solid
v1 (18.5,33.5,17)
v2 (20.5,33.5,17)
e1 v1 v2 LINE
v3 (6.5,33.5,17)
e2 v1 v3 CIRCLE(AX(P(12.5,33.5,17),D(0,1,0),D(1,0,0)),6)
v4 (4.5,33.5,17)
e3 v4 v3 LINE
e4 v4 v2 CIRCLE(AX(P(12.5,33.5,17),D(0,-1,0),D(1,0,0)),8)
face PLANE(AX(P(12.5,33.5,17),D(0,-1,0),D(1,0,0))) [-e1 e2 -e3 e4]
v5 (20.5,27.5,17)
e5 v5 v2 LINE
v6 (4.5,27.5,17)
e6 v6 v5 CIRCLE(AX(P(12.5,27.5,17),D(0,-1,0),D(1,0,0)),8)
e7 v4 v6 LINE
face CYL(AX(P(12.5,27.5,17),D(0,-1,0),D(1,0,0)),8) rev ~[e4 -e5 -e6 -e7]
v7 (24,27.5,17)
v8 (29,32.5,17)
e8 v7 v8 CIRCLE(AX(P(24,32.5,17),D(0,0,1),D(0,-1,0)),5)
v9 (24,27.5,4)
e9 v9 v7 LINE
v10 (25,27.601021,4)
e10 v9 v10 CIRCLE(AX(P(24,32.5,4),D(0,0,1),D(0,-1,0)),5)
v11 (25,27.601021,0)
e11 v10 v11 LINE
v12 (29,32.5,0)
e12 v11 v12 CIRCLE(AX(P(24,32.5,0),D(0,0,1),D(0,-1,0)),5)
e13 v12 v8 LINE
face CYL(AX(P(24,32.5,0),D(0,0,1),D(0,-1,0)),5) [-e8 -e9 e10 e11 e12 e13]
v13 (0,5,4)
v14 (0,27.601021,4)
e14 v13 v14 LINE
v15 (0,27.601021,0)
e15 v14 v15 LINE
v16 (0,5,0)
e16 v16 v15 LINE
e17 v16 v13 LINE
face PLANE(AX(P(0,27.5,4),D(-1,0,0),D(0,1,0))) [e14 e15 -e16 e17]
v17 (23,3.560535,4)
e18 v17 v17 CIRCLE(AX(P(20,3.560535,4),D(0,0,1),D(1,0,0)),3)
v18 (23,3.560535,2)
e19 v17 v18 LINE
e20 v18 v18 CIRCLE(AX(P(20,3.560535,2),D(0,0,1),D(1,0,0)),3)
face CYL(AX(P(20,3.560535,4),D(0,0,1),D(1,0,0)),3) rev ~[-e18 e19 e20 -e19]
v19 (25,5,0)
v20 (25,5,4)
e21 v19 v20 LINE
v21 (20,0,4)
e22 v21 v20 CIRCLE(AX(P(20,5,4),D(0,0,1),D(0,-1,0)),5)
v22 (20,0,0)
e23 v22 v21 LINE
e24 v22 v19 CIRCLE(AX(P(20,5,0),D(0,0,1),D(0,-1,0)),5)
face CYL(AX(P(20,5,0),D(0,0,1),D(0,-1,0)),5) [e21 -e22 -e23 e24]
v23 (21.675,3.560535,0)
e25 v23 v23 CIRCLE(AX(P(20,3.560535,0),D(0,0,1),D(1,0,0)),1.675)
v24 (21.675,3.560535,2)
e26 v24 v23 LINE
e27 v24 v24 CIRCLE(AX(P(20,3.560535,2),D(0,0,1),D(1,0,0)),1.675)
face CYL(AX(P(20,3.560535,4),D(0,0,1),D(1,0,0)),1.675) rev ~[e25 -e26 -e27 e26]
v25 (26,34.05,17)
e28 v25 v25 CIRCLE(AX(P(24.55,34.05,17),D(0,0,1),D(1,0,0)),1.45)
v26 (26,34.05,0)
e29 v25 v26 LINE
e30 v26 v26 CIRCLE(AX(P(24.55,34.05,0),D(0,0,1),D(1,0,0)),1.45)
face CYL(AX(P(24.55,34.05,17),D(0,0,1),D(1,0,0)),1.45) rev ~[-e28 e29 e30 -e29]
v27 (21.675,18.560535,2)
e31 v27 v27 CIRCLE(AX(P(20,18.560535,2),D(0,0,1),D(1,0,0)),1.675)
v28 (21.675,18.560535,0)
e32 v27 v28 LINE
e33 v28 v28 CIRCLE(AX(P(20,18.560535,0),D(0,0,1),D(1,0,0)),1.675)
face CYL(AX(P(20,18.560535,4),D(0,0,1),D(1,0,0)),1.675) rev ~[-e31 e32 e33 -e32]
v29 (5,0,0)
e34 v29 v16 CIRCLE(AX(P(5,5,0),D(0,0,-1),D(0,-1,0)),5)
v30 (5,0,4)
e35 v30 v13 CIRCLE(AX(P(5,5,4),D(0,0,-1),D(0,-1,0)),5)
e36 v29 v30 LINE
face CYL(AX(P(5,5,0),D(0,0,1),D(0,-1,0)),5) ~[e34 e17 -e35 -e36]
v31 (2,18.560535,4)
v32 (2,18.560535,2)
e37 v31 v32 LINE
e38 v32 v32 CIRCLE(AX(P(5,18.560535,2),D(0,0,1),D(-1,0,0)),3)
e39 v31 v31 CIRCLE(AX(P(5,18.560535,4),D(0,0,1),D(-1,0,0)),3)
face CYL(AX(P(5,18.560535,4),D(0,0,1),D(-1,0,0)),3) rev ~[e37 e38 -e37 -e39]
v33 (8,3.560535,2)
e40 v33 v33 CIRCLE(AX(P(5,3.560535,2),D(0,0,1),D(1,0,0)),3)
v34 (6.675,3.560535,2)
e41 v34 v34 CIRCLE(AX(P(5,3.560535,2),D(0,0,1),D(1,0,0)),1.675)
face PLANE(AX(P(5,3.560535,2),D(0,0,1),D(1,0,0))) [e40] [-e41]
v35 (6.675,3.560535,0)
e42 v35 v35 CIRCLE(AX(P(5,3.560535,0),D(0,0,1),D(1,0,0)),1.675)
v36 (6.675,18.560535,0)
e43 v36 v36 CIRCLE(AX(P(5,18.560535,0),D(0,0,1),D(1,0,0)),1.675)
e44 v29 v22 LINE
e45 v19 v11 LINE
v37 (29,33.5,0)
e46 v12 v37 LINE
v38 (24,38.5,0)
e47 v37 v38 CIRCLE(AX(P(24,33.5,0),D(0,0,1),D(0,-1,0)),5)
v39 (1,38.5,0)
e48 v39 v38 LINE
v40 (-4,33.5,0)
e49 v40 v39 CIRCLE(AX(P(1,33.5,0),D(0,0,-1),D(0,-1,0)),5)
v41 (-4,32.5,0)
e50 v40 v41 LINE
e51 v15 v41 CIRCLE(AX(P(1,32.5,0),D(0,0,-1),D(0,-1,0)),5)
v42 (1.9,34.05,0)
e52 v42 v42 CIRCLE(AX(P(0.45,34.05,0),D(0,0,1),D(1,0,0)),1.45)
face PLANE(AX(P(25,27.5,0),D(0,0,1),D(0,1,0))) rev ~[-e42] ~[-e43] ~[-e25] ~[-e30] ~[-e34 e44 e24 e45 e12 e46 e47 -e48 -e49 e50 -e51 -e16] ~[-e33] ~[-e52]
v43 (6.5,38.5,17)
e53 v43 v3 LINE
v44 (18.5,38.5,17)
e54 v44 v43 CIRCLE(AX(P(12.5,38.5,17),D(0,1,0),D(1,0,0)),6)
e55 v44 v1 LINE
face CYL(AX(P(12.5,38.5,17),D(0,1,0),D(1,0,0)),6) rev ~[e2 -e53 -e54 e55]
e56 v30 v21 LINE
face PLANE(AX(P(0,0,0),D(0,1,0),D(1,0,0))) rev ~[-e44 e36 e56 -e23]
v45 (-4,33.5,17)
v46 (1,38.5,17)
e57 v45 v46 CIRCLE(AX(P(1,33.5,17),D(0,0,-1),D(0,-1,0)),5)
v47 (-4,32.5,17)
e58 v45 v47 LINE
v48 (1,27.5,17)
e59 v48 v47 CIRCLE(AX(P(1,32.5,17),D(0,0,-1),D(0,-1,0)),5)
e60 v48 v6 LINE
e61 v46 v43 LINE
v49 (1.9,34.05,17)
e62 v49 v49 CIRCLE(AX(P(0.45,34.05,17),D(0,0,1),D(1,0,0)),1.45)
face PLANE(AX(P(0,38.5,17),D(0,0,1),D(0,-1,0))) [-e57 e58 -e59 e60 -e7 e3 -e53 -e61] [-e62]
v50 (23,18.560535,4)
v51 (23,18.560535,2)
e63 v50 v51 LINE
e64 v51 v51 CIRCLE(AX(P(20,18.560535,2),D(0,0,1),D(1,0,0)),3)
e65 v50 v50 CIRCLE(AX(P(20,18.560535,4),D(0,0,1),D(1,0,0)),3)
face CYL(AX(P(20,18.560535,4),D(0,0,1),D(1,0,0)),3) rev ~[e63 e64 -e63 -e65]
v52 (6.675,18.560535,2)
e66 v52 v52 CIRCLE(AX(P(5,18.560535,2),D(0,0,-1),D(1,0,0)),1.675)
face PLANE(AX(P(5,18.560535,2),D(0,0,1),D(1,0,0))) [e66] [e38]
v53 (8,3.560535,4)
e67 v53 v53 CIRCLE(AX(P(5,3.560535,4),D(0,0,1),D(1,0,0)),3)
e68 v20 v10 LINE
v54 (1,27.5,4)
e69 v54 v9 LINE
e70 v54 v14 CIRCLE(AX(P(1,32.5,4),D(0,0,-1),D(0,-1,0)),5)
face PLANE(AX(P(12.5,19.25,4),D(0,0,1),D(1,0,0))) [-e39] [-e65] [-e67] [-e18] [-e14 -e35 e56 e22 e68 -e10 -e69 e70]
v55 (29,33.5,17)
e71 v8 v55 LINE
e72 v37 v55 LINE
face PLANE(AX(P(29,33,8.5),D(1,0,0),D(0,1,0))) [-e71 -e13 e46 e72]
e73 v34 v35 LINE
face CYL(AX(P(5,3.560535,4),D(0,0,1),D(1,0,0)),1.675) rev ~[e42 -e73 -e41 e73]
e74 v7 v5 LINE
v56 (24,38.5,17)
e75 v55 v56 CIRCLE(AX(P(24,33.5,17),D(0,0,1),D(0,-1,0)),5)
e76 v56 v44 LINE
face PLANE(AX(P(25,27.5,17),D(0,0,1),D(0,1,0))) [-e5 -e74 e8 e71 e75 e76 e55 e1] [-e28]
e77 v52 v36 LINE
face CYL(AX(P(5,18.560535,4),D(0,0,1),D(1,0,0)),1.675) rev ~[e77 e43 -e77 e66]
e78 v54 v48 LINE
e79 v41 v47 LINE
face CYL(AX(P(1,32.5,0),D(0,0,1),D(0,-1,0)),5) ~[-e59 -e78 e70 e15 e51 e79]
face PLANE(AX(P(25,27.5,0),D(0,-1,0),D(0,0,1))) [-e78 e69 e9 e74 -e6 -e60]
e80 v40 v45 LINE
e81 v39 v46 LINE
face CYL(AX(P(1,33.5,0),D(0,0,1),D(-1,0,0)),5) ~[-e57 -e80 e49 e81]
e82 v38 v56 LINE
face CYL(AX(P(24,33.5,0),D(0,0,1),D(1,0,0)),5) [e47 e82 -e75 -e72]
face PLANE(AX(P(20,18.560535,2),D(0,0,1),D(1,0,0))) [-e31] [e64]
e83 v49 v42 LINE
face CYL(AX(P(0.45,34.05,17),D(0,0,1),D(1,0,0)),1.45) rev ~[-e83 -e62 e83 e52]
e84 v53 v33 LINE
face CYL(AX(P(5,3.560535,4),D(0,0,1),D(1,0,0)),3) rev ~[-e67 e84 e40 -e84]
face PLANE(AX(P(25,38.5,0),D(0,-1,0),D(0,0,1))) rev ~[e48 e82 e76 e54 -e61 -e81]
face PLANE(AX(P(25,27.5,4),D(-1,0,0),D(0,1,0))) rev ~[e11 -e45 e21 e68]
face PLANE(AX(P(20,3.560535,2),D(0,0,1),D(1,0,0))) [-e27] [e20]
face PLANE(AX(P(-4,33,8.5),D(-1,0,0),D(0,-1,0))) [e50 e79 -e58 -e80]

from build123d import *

# Parameters (mm, degrees)
F0_W      = 25
F0_H      = 38.5
F1_DEPTH  = 4
F2_R      = 1.675
F3_DEPTH  = 25
F4_W      = 25
F4_H      = 11
F5_DEPTH  = 13
F7_DEPTH  = 6
F8_R      = 8
F9_DEPTH  = 6
F2_R_2    = 3
F10_DEPTH = 2
F11_W     = 11
F11_H     = 17
F12_DEPTH = 4
F13_R     = 5
F14_W     = 11
F14_H     = 17
F15_DEPTH = 4
F16_DEPTH = 2
F17_R     = 1.45
F18_DEPTH = 25
F19_R     = 5
F20_DEPTH = 25


with BuildPart() as f1:
    # F0 (on Top) → F1 (new body)
    with BuildSketch(Plane.XY):
        with Locations((12.5, 19.25)):
            Rectangle(F0_W, F0_H)
    extrude(amount=F1_DEPTH)

    # F2 (on face) → F3 (cut)
    with BuildSketch(Plane.XY.offset(4)):
        with BuildLine():
            ThreePointArc((3.325, 18.5605346784), (5, 16.8855346784), (6.675, 18.5605346784))
            ThreePointArc((6.675, 18.5605346784), (5, 20.2355346784), (3.325, 18.5605346784))
        make_face()
        with Locations((20, 18.5605346784)):
            Circle(F2_R)
        with Locations((20, 3.5605346784)):
            Circle(F2_R)
        with Locations((5, 3.5605346784)):
            Circle(F2_R)
    extrude(amount=-F3_DEPTH, mode=Mode.SUBTRACT)

    # F4 (on face) → F5 (join)
    with BuildSketch(Plane.XY.offset(4)):
        with Locations((12.5, 33)):
            Rectangle(F4_W, F4_H)
    extrude(amount=F5_DEPTH)

    # F6 (on face) → F7 (cut)
    with BuildSketch(Plane(origin=(0, 38.5, 0), x_dir=(-1, 0, 0), z_dir=(0, 1, 0))):
        with BuildLine():
            ThreePointArc((-18.5, 17), (-12.5, 11), (-6.5, 17))
            Line((-6.5, 17), (-18.5, 17))
        make_face()
    extrude(amount=-F7_DEPTH, mode=Mode.SUBTRACT)

    # F8 (on face) → F9 (cut)
    with BuildSketch(Plane.XZ.offset(-27.5)):
        with Locations((12.5, 17)):
            Circle(F8_R)
    extrude(amount=-F9_DEPTH, mode=Mode.SUBTRACT)

    # F2 (on face) → F10 (cut)
    with BuildSketch(Plane.XY.offset(4)):
        with BuildLine():
            ThreePointArc((8, 18.5605346784), (5, 21.5605346784), (2, 18.5605346784))
            ThreePointArc((2, 18.5605346784), (5, 15.5605346784), (8, 18.5605346784))
        make_face()
        with BuildLine():
            ThreePointArc((3.325, 18.5605346784), (5, 20.2355346784), (6.675, 18.5605346784))
            ThreePointArc((6.675, 18.5605346784), (5, 16.8855346784), (3.325, 18.5605346784))
        make_face(mode=Mode.SUBTRACT)
        with Locations((20, 18.5605346784)):
            Circle(F2_R_2)
        with Locations((20, 18.5605346784)):
            Circle(F2_R, mode=Mode.SUBTRACT)
        with Locations((20, 3.5605346784)):
            Circle(F2_R_2)
        with Locations((20, 3.5605346784)):
            Circle(F2_R, mode=Mode.SUBTRACT)
        with Locations((5, 3.5605346784)):
            Circle(F2_R_2)
        with Locations((5, 3.5605346784)):
            Circle(F2_R, mode=Mode.SUBTRACT)
    extrude(amount=-F10_DEPTH, mode=Mode.SUBTRACT)

    # F11 (on face) → F12 (join)
    with BuildSketch(Plane(origin=(0, 0, 0), x_dir=(0, -1, 0), z_dir=(-1, 0, 0))):
        with Locations((-33, 8.5)):
            Rectangle(F11_W, F11_H)
    extrude(amount=F12_DEPTH)

    # F13
    f13_edges = [f1.edges().sort_by_distance(p)[0] for p in [
        (0, 0, 2),
        (25, 0, 2),
    ]]
    fillet(f13_edges, radius=F13_R)

    # F14 (on face) → F15 (join)
    with BuildSketch(Plane.YZ.offset(25)):
        with Locations((33, 8.5)):
            Rectangle(F14_W, F14_H)
    extrude(amount=F15_DEPTH)

    # F14 (on face) → F16 (join)
    with BuildSketch(Plane.YZ.offset(25)):
        with Locations((33, 8.5)):
            Rectangle(F14_W, F14_H)
    extrude(amount=F16_DEPTH)

    # F17 (on face) → F18 (cut)
    with BuildSketch(Plane.XY.offset(17)):
        with Locations((0.45, 34.05)):
            Circle(F17_R)
        with Locations((24.55, 34.05)):
            Circle(F17_R)
    extrude(amount=-F18_DEPTH, mode=Mode.SUBTRACT)

    # F19
    f19_edges = [f1.edges().sort_by_distance(p)[0] for p in [
        (-4, 38.5, 8.5),
        (-4, 27.5, 8.5),
        (29, 27.5, 8.5),
        (29, 38.5, 8.5),
    ]]
    fillet(f19_edges, radius=F19_R)

    # F2 (on face) → F20 (cut)
    with BuildSketch(Plane.XY.offset(4)):
        with BuildLine():
            ThreePointArc((8, 18.5605346784), (5, 21.5605346784), (2, 18.5605346784))
            ThreePointArc((2, 18.5605346784), (5, 15.5605346784), (8, 18.5605346784))
        make_face()
        with BuildLine():
            ThreePointArc((3.325, 18.5605346784), (5, 20.2355346784), (6.675, 18.5605346784))
            ThreePointArc((6.675, 18.5605346784), (5, 16.8855346784), (3.325, 18.5605346784))
        make_face(mode=Mode.SUBTRACT)
        with Locations((20, 18.5605346784)):
            Circle(F2_R_2)
        with Locations((20, 18.5605346784)):
            Circle(F2_R, mode=Mode.SUBTRACT)
        with BuildLine():
            ThreePointArc((3.325, 18.5605346784), (5, 16.8855346784), (6.675, 18.5605346784))
            ThreePointArc((6.675, 18.5605346784), (5, 20.2355346784), (3.325, 18.5605346784))
        make_face()
        with Locations((20, 18.5605346784)):
            Circle(F2_R)
    extrude(amount=F20_DEPTH, mode=Mode.SUBTRACT)


solid = f1.part
